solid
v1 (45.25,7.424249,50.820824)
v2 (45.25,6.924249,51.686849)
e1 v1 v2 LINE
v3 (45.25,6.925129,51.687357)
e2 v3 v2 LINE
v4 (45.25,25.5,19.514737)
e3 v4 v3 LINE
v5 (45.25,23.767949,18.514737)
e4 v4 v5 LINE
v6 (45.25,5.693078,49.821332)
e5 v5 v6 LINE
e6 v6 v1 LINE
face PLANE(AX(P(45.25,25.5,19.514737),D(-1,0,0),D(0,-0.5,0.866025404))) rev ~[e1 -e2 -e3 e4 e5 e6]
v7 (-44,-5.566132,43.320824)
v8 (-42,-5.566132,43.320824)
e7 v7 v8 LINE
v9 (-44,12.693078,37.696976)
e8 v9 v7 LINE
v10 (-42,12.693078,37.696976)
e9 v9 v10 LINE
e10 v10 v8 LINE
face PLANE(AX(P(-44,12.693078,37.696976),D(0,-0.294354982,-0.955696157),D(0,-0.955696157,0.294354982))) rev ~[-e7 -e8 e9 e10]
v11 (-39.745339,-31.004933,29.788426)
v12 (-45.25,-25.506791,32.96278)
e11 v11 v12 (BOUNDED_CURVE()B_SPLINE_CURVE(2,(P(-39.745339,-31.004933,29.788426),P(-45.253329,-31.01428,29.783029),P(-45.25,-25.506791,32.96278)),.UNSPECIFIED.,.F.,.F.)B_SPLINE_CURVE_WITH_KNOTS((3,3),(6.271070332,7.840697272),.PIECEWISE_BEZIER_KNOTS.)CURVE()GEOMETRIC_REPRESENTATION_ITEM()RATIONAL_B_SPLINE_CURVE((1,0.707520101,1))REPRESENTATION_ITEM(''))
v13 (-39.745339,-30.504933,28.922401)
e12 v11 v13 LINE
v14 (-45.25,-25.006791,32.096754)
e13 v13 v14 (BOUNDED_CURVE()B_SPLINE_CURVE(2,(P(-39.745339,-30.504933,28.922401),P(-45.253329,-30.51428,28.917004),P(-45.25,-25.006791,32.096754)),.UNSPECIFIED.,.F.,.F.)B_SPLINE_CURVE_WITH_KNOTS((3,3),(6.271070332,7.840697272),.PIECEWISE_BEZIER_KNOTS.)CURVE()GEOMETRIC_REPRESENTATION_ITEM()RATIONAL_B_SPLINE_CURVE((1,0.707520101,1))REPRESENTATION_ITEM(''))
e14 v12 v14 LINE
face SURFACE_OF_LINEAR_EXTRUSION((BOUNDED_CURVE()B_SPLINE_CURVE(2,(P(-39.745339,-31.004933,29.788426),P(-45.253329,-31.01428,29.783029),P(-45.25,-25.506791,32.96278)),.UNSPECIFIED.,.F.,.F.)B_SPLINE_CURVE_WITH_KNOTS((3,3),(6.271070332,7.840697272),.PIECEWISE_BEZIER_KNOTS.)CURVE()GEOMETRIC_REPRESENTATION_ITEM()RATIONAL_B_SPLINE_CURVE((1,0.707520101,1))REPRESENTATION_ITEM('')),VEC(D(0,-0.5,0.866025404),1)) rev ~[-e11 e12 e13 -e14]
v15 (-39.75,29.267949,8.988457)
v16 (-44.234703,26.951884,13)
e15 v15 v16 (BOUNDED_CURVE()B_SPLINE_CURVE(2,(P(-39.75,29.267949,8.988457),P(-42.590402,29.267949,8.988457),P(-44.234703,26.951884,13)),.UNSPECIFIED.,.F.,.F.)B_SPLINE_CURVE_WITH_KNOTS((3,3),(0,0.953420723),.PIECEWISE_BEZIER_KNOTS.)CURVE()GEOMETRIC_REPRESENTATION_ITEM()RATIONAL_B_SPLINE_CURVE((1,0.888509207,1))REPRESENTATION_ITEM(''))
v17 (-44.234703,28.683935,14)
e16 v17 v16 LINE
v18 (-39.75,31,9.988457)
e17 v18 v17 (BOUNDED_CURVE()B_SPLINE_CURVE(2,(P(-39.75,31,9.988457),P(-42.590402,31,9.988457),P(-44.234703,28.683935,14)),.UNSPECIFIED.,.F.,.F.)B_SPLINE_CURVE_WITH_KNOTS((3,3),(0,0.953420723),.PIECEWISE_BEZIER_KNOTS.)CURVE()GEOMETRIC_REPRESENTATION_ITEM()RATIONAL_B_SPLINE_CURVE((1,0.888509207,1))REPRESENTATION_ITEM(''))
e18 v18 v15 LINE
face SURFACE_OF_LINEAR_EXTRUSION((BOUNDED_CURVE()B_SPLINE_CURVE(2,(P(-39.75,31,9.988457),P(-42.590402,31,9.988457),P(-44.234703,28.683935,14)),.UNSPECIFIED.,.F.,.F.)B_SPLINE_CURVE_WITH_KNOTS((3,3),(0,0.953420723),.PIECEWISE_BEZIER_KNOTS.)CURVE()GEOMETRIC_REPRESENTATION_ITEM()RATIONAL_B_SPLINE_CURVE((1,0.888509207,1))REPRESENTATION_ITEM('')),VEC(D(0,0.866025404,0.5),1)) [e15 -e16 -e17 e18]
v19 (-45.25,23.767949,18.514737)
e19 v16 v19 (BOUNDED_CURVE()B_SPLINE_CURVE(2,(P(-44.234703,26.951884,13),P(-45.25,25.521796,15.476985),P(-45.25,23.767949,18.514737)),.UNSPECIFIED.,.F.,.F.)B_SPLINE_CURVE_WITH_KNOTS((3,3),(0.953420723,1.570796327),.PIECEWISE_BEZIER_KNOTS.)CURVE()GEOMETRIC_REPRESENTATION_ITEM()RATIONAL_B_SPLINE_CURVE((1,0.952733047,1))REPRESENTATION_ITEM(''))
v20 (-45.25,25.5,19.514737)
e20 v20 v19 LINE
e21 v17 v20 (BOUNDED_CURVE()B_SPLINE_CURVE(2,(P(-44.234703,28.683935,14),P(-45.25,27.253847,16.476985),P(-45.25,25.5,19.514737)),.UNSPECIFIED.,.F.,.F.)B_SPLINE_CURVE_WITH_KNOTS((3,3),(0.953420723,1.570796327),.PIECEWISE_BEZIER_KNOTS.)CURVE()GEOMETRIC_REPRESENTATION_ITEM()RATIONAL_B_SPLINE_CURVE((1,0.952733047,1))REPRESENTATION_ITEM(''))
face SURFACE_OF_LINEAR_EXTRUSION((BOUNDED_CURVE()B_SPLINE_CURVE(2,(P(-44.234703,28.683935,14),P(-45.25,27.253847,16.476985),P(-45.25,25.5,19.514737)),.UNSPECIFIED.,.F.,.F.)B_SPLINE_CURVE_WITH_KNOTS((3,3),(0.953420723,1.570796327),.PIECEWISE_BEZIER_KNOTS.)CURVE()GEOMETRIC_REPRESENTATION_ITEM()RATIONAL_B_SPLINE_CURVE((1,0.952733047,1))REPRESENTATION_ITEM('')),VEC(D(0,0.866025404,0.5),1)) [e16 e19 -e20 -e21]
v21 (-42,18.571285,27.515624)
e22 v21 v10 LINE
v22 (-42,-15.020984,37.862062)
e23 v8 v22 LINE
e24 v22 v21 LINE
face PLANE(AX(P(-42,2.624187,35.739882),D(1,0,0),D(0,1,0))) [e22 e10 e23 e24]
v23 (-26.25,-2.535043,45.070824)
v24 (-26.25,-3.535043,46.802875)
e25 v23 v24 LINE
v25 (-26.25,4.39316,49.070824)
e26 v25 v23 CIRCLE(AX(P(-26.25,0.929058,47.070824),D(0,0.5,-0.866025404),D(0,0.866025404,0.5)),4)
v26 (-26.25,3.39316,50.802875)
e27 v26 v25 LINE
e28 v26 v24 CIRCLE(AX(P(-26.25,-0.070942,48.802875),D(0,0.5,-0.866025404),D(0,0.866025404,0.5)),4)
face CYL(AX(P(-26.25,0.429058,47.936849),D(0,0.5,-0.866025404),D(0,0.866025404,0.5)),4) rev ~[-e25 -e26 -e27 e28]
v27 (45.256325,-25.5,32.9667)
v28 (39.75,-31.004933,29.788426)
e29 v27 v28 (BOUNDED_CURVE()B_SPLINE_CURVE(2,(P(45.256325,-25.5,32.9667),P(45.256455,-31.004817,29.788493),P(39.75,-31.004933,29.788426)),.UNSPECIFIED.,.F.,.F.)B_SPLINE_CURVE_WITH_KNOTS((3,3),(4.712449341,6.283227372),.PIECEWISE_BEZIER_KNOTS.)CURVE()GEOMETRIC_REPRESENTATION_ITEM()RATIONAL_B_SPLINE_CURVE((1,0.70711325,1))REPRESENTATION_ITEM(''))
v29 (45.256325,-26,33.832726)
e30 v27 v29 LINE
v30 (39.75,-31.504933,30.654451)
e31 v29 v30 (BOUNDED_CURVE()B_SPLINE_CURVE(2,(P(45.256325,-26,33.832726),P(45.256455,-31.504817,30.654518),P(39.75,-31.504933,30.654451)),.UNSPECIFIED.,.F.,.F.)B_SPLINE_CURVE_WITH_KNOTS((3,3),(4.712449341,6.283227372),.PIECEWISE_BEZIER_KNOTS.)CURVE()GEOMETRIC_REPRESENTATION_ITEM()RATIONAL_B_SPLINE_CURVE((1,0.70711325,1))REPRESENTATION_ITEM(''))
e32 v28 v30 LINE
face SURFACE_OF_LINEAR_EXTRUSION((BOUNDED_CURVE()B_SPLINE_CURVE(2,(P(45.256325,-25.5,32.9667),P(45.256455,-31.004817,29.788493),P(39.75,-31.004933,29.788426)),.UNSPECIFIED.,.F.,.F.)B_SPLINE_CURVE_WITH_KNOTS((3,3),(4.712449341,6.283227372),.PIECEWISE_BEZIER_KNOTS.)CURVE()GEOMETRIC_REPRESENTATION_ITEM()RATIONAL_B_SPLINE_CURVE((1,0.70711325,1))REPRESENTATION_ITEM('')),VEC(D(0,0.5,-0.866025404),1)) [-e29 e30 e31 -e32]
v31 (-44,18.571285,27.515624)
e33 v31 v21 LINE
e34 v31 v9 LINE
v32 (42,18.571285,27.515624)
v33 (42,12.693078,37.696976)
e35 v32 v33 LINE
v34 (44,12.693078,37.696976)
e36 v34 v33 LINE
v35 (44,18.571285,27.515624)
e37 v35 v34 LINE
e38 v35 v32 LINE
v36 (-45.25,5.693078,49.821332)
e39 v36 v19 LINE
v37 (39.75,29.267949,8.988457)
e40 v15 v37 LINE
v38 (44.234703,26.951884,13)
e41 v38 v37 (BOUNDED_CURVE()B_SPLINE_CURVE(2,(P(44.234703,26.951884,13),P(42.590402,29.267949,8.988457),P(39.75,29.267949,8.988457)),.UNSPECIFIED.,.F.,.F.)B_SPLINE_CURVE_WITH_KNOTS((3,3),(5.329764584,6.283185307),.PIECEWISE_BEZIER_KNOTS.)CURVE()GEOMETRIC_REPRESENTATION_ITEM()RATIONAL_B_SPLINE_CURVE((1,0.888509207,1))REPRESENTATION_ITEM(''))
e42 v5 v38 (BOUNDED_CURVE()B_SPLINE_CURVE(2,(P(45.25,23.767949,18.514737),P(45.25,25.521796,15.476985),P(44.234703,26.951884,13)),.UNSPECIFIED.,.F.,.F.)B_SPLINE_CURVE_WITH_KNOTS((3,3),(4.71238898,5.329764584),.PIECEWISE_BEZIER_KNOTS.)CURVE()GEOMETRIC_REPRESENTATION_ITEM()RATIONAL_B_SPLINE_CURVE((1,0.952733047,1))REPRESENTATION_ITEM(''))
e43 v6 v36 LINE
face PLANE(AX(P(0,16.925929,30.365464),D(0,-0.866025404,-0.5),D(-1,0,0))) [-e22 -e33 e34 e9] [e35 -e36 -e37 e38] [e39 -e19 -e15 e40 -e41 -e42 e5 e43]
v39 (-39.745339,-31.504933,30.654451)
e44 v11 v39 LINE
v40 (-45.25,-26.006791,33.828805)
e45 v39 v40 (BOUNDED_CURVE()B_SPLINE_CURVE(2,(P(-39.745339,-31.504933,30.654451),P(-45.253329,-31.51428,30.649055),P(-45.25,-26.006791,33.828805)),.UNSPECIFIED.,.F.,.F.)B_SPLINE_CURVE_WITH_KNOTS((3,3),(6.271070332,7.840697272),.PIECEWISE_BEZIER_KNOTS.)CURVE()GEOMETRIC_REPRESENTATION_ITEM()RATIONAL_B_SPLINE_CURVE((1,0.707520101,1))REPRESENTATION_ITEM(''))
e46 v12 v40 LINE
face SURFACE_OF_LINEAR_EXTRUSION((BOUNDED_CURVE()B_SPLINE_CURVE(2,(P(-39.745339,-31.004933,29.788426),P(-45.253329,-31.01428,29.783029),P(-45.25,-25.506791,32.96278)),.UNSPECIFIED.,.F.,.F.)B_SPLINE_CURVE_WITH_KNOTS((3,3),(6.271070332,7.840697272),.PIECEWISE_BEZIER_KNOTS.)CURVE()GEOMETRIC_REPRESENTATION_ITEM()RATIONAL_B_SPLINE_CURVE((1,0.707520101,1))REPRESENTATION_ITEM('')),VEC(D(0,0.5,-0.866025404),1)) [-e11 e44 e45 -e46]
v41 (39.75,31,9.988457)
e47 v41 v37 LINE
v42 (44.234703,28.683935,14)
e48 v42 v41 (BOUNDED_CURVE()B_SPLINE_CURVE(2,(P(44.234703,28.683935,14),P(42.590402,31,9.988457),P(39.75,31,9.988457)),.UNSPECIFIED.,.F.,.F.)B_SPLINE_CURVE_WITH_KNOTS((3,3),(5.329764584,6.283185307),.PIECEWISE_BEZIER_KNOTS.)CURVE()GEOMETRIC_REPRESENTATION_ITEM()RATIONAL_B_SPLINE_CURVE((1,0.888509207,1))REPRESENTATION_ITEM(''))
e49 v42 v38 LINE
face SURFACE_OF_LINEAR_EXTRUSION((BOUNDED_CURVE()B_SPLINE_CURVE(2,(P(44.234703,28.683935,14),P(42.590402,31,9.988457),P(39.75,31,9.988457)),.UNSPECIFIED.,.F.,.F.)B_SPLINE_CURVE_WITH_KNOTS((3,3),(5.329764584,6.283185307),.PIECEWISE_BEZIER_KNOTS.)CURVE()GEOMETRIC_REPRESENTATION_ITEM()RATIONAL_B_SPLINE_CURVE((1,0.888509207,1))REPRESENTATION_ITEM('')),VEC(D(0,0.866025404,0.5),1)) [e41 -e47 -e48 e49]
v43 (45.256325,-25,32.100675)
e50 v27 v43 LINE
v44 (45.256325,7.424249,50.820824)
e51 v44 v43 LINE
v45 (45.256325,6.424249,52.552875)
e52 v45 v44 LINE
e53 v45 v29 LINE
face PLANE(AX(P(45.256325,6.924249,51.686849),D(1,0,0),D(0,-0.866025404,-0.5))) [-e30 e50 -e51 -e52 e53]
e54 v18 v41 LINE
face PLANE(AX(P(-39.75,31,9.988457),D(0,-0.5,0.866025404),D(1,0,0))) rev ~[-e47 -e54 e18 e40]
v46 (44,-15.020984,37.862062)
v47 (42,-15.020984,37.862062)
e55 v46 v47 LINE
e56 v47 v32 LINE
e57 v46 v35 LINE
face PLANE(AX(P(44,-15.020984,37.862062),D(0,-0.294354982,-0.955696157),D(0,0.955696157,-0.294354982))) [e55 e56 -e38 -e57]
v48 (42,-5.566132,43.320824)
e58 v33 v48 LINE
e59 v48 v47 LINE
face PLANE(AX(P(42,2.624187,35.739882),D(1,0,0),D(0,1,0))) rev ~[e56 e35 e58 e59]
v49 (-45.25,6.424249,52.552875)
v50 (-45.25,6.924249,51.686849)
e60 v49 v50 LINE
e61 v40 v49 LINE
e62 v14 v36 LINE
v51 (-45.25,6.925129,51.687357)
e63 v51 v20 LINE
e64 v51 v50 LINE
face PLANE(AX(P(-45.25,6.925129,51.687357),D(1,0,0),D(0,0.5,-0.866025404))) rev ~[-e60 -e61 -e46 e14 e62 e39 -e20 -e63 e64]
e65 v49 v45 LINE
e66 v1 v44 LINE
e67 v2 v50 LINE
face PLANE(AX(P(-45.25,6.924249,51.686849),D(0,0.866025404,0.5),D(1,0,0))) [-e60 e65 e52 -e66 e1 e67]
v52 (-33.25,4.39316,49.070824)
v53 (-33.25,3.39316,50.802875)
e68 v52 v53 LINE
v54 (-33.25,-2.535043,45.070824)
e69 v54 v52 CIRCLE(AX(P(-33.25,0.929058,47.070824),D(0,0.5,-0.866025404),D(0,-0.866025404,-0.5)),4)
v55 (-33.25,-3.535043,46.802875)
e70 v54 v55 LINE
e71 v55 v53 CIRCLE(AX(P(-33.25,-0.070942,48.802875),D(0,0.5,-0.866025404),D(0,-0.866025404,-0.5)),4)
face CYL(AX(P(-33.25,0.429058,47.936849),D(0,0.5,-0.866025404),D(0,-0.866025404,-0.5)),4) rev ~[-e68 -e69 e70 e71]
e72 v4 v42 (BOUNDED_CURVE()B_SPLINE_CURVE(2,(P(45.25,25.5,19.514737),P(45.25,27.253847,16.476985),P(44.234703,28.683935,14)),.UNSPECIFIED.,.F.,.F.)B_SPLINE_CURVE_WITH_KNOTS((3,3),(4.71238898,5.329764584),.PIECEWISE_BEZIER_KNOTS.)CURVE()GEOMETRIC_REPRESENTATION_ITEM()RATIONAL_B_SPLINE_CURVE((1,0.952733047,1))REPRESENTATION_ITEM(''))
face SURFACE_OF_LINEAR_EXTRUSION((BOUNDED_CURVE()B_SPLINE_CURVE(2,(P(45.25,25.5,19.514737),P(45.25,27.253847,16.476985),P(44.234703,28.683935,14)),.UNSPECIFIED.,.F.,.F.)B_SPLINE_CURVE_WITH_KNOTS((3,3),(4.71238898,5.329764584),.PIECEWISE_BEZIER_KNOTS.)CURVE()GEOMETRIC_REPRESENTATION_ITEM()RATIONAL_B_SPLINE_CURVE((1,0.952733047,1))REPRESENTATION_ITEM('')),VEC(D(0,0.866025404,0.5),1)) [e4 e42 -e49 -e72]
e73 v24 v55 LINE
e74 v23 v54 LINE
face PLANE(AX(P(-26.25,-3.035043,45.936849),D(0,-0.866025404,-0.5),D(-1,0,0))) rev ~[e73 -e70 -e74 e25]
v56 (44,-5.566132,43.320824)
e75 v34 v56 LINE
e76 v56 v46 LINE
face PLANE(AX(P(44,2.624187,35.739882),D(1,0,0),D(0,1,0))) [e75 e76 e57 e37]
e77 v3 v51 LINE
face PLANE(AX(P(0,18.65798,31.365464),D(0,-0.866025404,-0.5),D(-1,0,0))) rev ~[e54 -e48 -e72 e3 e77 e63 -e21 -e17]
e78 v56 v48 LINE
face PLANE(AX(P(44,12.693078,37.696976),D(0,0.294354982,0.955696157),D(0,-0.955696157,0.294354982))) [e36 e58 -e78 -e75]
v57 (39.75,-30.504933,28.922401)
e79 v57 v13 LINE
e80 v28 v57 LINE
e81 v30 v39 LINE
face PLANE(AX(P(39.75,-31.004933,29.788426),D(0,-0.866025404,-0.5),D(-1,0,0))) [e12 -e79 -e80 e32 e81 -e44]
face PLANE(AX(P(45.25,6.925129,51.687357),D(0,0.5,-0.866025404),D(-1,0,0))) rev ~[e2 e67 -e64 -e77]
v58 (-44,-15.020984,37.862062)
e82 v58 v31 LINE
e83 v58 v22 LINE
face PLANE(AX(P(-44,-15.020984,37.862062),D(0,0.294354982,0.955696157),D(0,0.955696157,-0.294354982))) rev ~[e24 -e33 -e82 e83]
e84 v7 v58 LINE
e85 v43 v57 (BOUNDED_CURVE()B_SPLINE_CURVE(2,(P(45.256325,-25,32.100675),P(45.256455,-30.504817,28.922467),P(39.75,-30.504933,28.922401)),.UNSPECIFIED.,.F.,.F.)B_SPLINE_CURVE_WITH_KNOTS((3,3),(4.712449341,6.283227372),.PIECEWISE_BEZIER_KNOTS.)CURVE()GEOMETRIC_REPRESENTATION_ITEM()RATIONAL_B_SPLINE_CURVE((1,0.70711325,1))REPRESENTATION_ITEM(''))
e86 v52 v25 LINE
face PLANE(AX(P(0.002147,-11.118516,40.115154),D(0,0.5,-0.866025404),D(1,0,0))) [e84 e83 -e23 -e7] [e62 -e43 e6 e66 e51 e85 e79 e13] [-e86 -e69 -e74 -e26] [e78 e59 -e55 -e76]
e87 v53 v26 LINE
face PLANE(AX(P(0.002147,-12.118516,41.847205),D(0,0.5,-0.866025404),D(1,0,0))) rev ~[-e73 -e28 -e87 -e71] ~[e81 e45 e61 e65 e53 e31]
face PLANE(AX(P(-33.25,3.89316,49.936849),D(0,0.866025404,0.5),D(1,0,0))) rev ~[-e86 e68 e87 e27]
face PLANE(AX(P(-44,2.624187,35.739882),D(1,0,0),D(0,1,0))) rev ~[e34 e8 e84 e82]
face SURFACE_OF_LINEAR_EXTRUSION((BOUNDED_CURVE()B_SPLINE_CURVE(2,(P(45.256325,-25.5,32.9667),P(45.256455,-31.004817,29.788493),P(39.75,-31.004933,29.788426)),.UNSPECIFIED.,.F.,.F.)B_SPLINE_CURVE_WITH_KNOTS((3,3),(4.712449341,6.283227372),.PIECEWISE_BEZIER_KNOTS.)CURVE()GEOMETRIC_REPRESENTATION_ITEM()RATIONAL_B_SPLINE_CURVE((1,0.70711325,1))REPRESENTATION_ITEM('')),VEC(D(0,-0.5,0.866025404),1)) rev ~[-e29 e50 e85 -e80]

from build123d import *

# Parameters (mm, degrees)
EXTRUDE012_DEPTH                          = 2
EXTRUDE013_DEPTH                          = 2
EXTRUDE014_DEPTH                          = 2
EXTRUDE011_DEPTH                          = 1
EXTRUDE011_ONTO_SKETCH012_PLACEMENT_ANGLE = 210


with BuildPart() as extrude012:
    # Facebinder001 → Extrude012 (new body)
    with BuildSketch(Plane(origin=(0, 18.8977675755, 30.9501387124), x_dir=(-1, 0, 0), z_dir=(0, -0.8660254038, -0.5))):
        with BuildLine():
            Line((-45.25, 13.204464849), (-45.25, -23.9452774122))
            Line((-45.25, -23.9452774122), (45.25, -23.9452774122))
            Line((45.25, -23.9452774122), (45.25, 13.2044648491))
            add(Edge.make_bspline(
                [(44.2347028524, 19.5723342968), (45.25, 16.7121588166), (45.25, 13.2044648491)],
                knots=[0.953420723, 0.953420723, 0.953420723, 1.5707963268, 1.5707963268, 1.5707963268], degree=2, weights=[1, 0.9527330472, 1]))
            add(Edge.make_bspline(
                [(39.75, 24.204464849), (42.590402015, 24.204464849), (44.2347028524, 19.5723342968)],
                knots=[0, 0, 0, 0.953420723, 0.953420723, 0.953420723], degree=2, weights=[1, 0.8885092072, 1]))
            Line((39.75, 24.204464849), (-39.75, 24.204464849))
            add(Edge.make_bspline(
                [(-44.2347028524, 19.5723342968), (-42.590402015, 24.204464849), (-39.75, 24.204464849)],
                knots=[5.3297645842, 5.3297645842, 5.3297645842, 6.2831853072, 6.2831853072, 6.2831853072], degree=2, weights=[1, 0.8885092072, 1]))
            add(Edge.make_bspline(
                [(-45.25, 13.204464849), (-45.25, 16.7121588165), (-44.2347028524, 19.5723342968)],
                knots=[4.7123889804, 4.7123889804, 4.7123889804, 5.3297645842, 5.3297645842, 5.3297645842], degree=2, weights=[1, 0.9527330472, 1]))
        make_face()
    extrude(amount=EXTRUDE012_DEPTH)


with BuildPart() as extrude013:
    # Sketch013 → Extrude013 (new body)
    with BuildSketch(Plane.YZ.offset(44)):
        Polygon((-15.020984158, 37.8620624495), (18.5712846291, 27.5156237634), (12.6930780618, 37.6969761952), (-5.5661322003, 43.3208237725), align=None)
    extrude(amount=-EXTRUDE013_DEPTH)


with BuildPart() as extrude014:
    # Sketch013 → Extrude014 (new body)
    with BuildSketch(Plane.YZ.offset(44)):
        Polygon((-15.020984158, 37.8620624495), (18.5712846291, 27.5156237634), (12.6930780618, 37.6969761952), (-5.5661322003, 43.3208237725), align=None)
    extrude(amount=EXTRUDE014_DEPTH)


with BuildPart() as extrude014_1:
    # Extrude014 placement: moved
    add(extrude014.part.moved(Location((-88, 0, 0))))


with BuildPart() as connect003:
    # Sketch012 as drawn → Extrude011 (new, symmetric)
    with BuildSketch(Plane.XY):
        with BuildLine():
            add(Edge.make_bspline(
                [(-39.7453392309, 11.9568462189), (-45.2533288617, 11.9676394264), (-45.25, 5.6081389921)],
                knots=[6.2710703316, 6.2710703316, 6.2710703316, 7.8406972721, 7.8406972721, 7.8406972721], degree=2, weights=[1, 0.7075201008, 1]))
            Line((-45.25, 5.6081389921), (-45.25, -31.84))
            Line((-45.25, -31.84), (45.2563247467, -31.84))
            Line((45.2563247467, -31.84), (45.2563247467, 5.6002976112))
            add(Edge.make_bspline(
                [(45.2563247467, 5.6002976112), (45.2564552158, 11.9567126485), (39.75, 11.9568462189)],
                knots=[4.7124493405, 4.7124493405, 4.7124493405, 6.2832273717, 6.2832273717, 6.2832273717], degree=2, weights=[1, 0.7071132496, 1]))
            Line((39.75, 11.9568462189), (-39.7453392309, 11.9568462189))
        make_face()
        with BuildLine():
            ThreePointArc((-26.25, -28.34), (-22.25, -24.34), (-26.25, -20.34))
            Line((-26.25, -20.34), (-33.25, -20.34))
            ThreePointArc((-33.25, -20.34), (-37.25, -24.34), (-33.25, -28.34))
            Line((-33.25, -28.34), (-26.25, -28.34))
        make_face(mode=Mode.SUBTRACT)
    extrude(amount=EXTRUDE011_DEPTH, both=True)


with BuildPart() as connect003_1:
    # Extrude011 onto Sketch012 placement: moved
    add(connect003.part.moved(Location((0, -20.65, 35.7668491763))).rotate(Axis((0, -20.65, 35.7668491763), (1, 0, 0)), EXTRUDE011_ONTO_SKETCH012_PLACEMENT_ANGLE))

    # Connect003: union Extrude012, Extrude013, Extrude014
    add(extrude012.part)
    add(extrude013.part)
    add(extrude014_1.part)


solid = connect003_1.part
